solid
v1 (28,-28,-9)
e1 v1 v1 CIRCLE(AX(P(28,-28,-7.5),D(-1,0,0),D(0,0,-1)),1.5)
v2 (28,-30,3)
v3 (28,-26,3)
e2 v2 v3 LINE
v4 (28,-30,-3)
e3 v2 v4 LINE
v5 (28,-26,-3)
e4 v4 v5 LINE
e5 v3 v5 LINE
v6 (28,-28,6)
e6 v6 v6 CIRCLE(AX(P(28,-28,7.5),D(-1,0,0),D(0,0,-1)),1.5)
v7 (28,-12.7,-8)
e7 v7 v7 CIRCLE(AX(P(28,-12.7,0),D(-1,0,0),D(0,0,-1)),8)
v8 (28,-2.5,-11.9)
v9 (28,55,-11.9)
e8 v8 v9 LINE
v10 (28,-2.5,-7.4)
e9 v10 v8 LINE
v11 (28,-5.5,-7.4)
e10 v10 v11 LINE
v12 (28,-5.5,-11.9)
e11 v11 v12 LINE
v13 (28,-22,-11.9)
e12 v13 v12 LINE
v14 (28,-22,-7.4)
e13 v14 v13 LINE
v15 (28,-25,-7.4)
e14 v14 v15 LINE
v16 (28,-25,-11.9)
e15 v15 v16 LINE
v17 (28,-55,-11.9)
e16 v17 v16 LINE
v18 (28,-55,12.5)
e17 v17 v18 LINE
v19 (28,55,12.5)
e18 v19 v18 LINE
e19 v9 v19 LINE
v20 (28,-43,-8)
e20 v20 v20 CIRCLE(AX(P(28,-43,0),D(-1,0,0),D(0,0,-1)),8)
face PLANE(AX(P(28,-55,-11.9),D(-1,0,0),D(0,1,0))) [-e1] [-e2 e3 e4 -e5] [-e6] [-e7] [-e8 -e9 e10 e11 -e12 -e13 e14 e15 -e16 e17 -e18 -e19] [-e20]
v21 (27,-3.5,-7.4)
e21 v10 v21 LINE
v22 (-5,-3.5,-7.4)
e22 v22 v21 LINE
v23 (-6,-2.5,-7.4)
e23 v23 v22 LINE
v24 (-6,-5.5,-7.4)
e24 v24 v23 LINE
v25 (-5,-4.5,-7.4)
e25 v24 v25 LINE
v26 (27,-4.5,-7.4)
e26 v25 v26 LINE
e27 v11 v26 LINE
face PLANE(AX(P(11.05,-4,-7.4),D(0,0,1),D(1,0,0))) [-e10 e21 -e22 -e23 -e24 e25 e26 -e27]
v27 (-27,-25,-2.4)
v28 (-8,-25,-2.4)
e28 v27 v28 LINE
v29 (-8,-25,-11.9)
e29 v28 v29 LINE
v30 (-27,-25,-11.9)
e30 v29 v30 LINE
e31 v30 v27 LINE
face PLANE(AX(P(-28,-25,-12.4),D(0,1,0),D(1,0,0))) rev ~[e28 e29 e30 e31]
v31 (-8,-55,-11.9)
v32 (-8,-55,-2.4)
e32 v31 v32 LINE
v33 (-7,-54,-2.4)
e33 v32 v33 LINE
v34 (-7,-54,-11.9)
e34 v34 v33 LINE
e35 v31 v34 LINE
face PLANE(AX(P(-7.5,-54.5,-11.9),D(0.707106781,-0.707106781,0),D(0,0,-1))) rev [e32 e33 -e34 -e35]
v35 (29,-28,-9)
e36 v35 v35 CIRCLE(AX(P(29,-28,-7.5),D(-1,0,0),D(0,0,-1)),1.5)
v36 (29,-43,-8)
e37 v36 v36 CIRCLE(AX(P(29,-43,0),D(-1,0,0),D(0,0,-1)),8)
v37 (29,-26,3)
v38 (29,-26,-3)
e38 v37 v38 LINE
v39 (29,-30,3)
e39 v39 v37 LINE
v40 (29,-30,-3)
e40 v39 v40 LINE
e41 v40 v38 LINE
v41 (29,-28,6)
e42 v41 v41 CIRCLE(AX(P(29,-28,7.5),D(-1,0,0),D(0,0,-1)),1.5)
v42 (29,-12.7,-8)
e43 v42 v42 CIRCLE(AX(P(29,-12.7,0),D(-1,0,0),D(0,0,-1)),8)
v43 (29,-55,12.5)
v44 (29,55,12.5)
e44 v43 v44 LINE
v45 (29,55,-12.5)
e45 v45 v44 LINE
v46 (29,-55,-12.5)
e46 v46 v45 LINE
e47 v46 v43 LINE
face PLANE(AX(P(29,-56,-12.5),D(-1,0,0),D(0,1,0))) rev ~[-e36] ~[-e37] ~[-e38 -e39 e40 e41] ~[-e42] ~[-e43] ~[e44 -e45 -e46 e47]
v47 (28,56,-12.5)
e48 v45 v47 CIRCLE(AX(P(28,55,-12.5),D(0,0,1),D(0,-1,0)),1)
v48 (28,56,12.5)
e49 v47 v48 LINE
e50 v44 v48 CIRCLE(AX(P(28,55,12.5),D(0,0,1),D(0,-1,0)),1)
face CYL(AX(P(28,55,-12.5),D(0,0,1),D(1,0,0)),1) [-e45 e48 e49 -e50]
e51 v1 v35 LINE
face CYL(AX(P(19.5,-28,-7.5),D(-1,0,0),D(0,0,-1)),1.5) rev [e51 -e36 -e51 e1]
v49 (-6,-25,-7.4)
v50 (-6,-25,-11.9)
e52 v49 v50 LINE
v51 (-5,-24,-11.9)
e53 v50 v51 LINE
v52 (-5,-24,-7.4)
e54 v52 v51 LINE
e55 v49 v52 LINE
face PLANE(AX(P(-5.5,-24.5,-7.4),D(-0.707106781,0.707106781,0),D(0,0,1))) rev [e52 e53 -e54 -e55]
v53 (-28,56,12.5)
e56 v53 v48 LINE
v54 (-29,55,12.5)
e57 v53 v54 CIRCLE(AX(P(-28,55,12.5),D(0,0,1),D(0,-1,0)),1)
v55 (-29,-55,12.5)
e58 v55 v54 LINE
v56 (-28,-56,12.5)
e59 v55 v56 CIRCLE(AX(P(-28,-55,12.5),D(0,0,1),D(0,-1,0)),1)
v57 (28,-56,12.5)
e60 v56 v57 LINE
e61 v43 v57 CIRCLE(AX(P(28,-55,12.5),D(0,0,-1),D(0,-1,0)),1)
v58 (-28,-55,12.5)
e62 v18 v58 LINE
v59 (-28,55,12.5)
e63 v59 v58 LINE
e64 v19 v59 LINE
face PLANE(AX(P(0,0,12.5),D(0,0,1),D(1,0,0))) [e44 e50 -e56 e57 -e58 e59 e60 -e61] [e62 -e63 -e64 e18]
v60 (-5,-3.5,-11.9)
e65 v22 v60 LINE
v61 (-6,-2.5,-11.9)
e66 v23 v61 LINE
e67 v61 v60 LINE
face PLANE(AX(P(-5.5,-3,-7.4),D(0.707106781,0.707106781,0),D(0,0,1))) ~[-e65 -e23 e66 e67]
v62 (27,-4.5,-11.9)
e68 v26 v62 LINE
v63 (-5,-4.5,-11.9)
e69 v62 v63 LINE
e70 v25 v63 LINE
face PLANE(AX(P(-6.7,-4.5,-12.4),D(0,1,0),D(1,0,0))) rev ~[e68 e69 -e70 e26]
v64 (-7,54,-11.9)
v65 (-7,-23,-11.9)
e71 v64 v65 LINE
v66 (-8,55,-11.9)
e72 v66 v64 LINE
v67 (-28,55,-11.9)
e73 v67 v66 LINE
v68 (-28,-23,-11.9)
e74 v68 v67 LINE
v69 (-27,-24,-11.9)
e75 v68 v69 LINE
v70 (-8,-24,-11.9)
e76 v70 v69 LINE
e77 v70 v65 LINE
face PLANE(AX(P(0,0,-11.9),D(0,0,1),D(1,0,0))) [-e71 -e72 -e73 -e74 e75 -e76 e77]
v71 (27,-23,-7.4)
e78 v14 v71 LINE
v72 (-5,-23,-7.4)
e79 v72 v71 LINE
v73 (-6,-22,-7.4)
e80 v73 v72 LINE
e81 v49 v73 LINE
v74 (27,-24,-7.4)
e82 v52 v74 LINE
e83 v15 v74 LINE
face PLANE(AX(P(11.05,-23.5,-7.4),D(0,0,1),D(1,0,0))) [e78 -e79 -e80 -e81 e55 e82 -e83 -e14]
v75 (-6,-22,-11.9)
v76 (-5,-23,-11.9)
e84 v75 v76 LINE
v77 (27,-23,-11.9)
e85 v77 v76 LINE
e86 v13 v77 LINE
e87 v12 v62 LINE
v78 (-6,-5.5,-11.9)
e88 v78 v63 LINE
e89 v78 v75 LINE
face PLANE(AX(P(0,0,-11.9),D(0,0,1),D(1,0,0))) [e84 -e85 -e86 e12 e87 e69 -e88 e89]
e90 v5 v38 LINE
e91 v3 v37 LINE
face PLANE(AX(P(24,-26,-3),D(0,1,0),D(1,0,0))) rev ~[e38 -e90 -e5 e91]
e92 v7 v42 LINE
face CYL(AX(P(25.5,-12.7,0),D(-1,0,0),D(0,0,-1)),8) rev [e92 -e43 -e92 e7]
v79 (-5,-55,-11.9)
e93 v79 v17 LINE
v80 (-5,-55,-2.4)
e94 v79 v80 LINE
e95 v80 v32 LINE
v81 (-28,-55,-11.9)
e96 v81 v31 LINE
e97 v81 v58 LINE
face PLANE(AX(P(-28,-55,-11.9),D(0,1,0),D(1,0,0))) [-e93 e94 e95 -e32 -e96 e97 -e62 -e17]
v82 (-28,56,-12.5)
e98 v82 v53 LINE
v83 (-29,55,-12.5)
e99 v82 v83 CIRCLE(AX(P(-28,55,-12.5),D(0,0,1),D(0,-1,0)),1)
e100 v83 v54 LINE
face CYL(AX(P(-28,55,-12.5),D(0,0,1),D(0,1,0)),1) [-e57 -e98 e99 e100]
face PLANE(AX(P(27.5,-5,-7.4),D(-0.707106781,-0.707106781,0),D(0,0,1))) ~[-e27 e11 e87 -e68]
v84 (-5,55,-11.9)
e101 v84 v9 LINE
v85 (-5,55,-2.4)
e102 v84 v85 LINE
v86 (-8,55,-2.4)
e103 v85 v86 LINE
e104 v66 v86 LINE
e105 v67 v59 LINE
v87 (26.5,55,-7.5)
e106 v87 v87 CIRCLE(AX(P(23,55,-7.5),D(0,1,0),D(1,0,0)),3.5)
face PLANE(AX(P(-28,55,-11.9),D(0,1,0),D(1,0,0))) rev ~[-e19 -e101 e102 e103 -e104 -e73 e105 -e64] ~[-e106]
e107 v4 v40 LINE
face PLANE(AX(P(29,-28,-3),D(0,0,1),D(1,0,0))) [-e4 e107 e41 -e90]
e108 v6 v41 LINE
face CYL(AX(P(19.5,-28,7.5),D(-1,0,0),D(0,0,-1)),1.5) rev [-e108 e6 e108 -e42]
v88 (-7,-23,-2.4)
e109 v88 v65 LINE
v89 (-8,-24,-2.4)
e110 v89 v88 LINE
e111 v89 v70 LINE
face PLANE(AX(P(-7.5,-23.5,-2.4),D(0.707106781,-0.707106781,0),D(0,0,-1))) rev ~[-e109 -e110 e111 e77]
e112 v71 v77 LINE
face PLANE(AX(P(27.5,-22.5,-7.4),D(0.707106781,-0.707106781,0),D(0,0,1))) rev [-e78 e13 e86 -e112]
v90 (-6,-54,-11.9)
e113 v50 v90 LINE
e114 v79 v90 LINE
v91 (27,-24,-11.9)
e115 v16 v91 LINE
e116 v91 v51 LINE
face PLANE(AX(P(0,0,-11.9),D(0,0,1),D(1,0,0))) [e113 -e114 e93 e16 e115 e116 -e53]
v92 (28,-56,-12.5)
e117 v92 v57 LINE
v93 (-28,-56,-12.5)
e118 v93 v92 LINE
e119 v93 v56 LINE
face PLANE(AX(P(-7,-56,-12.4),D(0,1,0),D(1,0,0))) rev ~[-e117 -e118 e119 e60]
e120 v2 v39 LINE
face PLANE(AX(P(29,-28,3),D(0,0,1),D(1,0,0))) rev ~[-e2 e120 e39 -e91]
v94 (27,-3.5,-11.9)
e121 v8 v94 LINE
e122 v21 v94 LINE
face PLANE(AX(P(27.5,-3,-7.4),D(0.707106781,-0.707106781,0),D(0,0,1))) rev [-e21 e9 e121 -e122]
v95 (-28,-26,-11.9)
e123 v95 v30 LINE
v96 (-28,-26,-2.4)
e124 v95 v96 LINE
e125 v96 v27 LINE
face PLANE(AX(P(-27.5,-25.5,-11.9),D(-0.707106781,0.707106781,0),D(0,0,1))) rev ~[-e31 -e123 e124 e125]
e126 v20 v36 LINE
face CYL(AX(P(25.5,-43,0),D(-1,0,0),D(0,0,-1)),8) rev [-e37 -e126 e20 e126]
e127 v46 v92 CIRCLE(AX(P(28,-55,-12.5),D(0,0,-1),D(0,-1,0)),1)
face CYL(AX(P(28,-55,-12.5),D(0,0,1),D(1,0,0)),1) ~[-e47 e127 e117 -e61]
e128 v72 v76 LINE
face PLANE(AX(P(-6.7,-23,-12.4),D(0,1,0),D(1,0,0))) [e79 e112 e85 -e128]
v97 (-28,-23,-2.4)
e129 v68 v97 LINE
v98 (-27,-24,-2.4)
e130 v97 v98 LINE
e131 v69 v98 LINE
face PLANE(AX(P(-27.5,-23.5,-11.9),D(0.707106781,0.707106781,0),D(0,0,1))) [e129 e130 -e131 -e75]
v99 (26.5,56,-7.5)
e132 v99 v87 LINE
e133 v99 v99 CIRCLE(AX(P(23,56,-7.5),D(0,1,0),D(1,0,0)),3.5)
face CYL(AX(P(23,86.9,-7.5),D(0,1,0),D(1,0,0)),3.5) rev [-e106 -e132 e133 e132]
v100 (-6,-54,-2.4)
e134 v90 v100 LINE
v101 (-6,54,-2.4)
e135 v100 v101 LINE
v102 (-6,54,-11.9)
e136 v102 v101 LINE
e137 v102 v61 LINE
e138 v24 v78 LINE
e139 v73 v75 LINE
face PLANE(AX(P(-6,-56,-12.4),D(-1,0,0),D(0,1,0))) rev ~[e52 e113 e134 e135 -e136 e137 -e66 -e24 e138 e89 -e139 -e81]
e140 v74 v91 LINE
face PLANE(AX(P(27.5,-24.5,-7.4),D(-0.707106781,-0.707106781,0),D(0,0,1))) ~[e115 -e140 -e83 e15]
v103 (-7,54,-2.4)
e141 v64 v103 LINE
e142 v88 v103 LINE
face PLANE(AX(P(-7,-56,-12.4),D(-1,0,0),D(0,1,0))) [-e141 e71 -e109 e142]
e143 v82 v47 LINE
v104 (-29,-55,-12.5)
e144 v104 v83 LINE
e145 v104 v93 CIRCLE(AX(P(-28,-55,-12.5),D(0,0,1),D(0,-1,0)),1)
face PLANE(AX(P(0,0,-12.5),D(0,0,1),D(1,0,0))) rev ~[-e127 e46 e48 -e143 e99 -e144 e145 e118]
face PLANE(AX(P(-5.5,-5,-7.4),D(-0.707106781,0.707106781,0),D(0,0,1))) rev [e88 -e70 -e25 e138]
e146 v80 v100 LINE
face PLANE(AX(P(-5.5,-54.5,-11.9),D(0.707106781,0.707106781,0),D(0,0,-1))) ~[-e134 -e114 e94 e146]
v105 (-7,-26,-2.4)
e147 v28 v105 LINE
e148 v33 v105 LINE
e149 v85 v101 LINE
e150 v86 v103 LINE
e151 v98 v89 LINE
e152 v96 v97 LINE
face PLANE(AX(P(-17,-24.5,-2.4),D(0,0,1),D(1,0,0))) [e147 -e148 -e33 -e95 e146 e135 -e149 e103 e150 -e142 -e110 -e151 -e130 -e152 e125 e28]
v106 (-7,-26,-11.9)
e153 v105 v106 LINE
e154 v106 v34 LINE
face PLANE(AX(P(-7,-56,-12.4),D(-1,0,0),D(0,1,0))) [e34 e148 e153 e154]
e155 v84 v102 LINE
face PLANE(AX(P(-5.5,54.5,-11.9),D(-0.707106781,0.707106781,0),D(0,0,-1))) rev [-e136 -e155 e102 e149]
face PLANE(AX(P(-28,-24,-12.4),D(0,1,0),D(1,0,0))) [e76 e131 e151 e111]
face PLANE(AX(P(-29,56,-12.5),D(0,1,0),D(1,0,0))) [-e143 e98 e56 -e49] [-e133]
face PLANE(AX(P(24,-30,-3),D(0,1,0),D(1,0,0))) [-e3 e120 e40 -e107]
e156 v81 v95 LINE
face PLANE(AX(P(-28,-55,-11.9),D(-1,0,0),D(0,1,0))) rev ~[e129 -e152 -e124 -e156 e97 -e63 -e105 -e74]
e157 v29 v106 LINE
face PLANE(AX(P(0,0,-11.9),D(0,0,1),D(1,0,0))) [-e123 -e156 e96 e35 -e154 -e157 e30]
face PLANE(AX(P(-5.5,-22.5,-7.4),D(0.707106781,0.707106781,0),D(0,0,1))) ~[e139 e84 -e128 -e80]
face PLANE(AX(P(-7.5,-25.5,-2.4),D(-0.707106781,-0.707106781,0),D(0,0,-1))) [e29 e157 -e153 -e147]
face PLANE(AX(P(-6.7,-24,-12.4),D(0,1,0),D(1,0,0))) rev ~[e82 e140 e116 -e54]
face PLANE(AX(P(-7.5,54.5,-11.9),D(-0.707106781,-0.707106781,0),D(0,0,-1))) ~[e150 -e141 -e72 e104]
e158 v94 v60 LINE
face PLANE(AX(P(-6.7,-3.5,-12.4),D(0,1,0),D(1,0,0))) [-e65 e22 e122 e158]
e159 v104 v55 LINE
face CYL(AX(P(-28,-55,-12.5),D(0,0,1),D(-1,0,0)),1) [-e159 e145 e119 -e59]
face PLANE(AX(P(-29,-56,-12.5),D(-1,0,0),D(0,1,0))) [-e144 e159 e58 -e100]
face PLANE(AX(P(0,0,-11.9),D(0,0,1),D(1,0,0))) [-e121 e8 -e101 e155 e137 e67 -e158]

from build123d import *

# Parameters (mm, degrees)
CYLINDER005_R           = 1.5
CYLINDER005_DEPTH       = 20
CYLINDER005_PITCH_ANGLE = 90
BOX005_W                = 10
BOX005_H                = 4
BOX005_DEPTH            = 6
CYLINDER002_R           = 8
CYLINDER002_DEPTH       = 6
CYLINDER002_PITCH_ANGLE = 90
CYLINDER001_R           = 8
CYLINDER001_DEPTH       = 6
CYLINDER001_PITCH_ANGLE = 90
CYLINDER_R              = 3.5
CYLINDER_DEPTH          = 50
CYLINDER_ROLL_ANGLE     = 90
CYLINDER006_R           = 1.5
CYLINDER006_DEPTH       = 20
CYLINDER006_PITCH_ANGLE = 90
BOX003_W                = 35.5
BOX003_H                = 1
BOX003_DEPTH            = 5
BOX004_W                = 35.5
BOX004_H                = 1
BOX004_DEPTH            = 5
BOX006_W                = 22
BOX006_H                = 1
BOX006_DEPTH            = 10
BOX002_W                = 1
BOX002_H                = 112
BOX002_DEPTH            = 10
BOX_W                   = 56
BOX_H                   = 110
BOX_DEPTH               = 25
BOX001_W                = 58
BOX001_H                = 112
BOX001_DEPTH            = 25
CHAMFER_SIZE            = 1
FILLET_R                = 1


with BuildPart() as cylinder005:
    # Cylinder005 → Cylinder005 (new body)
    with BuildSketch(Plane.XY):
        Circle(CYLINDER005_R)
    extrude(amount=CYLINDER005_DEPTH)


with BuildPart() as cylinder005_1:
    # Cylinder005 pitch: moved
    add(cylinder005.part.rotate(Axis((0, 0, 0), (0, 1, 0)), CYLINDER005_PITCH_ANGLE))


with BuildPart() as cylinder005_2:
    # Cylinder005 placement: moved
    add(cylinder005_1.part.moved(Location((19.5, -28, -7.5))))


with BuildPart() as interruptor:
    # Box005 → Box005 (new body)
    with BuildSketch(Plane(origin=(24, -30, -3), x_dir=(1, 0, 0), z_dir=(0, 0, 1))):
        with Locations((5, 2)):
            Rectangle(BOX005_W, BOX005_H)
    extrude(amount=BOX005_DEPTH)


with BuildPart() as boton2:
    # Cylinder002 → Cylinder002 (new body)
    with BuildSketch(Plane.XY):
        Circle(CYLINDER002_R)
    extrude(amount=CYLINDER002_DEPTH)


with BuildPart() as boton2_1:
    # Cylinder002 pitch: moved
    add(boton2.part.rotate(Axis((0, 0, 0), (0, 1, 0)), CYLINDER002_PITCH_ANGLE))


with BuildPart() as boton2_2:
    # Cylinder002 placement: moved
    add(boton2_1.part.moved(Location((25.5, -43, 0))))


with BuildPart() as boton1:
    # Cylinder001 → Cylinder001 (new body)
    with BuildSketch(Plane.XY):
        Circle(CYLINDER001_R)
    extrude(amount=CYLINDER001_DEPTH)


with BuildPart() as boton1_1:
    # Cylinder001 pitch: moved
    add(boton1.part.rotate(Axis((0, 0, 0), (0, 1, 0)), CYLINDER001_PITCH_ANGLE))


with BuildPart() as boton1_2:
    # Cylinder001 placement: moved
    add(boton1_1.part.moved(Location((25.5, -12.7, 0))))


with BuildPart() as antenna_hole:
    # Cylinder → Cylinder (new body)
    with BuildSketch(Plane.XY):
        Circle(CYLINDER_R)
    extrude(amount=CYLINDER_DEPTH)


with BuildPart() as antenna_hole_1:
    # Cylinder roll: moved
    add(antenna_hole.part.rotate(Axis((0, 0, 0), (1, 0, 0)), CYLINDER_ROLL_ANGLE))


with BuildPart() as antenna_hole_2:
    # Cylinder placement: moved
    add(antenna_hole_1.part.moved(Location((23, 86.9, -7.5))))


with BuildPart() as cortes:
    # Cylinder006 → Cylinder006 (new body)
    with BuildSketch(Plane.XY):
        Circle(CYLINDER006_R)
    extrude(amount=CYLINDER006_DEPTH)


with BuildPart() as cortes_1:
    # Cylinder006 pitch: moved
    add(cortes.part.rotate(Axis((0, 0, 0), (0, 1, 0)), CYLINDER006_PITCH_ANGLE))


with BuildPart() as cortes_2:
    # Cylinder006 placement: moved
    add(cortes_1.part.moved(Location((19.5, -28, 7.5))))

    # Fusion001: union Cylinder005, interruptor, boton2, boton1, antenna_hole
    add(cylinder005_2.part)
    add(interruptor.part)
    add(boton2_2.part)
    add(boton1_2.part)
    add(antenna_hole_2.part)


with BuildPart() as muro_lora:
    # Box003 → Box003 (new body)
    with BuildSketch(Plane(origin=(-6.7, -4.5, -12.4), x_dir=(1, 0, 0), z_dir=(0, 0, 1))):
        with Locations((17.75, 0.5)):
            Rectangle(BOX003_W, BOX003_H)
    extrude(amount=BOX003_DEPTH)


with BuildPart() as muro_botones:
    # Box004 → Box004 (new body)
    with BuildSketch(Plane(origin=(-6.7, -24, -12.4), x_dir=(1, 0, 0), z_dir=(0, 0, 1))):
        with Locations((17.75, 0.5)):
            Rectangle(BOX004_W, BOX004_H)
    extrude(amount=BOX004_DEPTH)


with BuildPart() as muro_bateria:
    # Box006 → Box006 (new body)
    with BuildSketch(Plane(origin=(-28, -25, -12.4), x_dir=(1, 0, 0), z_dir=(0, 0, 1))):
        with Locations((11, 0.5)):
            Rectangle(BOX006_W, BOX006_H)
    extrude(amount=BOX006_DEPTH)


with BuildPart() as muros:
    # Box002 → Box002 (new body)
    with BuildSketch(Plane(origin=(-7, -56, -12.4), x_dir=(1, 0, 0), z_dir=(0, 0, 1))):
        with Locations((0.5, 56)):
            Rectangle(BOX002_W, BOX002_H)
    extrude(amount=BOX002_DEPTH)

    # Fusion: union muro_lora, muro_botones, muro_bateria
    add(muro_lora.part)
    add(muro_botones.part)
    add(muro_bateria.part)


with BuildPart() as cubo_interior:
    # Box → Box (new body)
    with BuildSketch(Plane(origin=(-28, -55, -11.9), x_dir=(1, 0, 0), z_dir=(0, 0, 1))):
        with Locations((28, 55)):
            Rectangle(BOX_W, BOX_H)
    extrude(amount=BOX_DEPTH)


with BuildPart() as base_caja_lora:
    # Box001 → Box001 (new body)
    with BuildSketch(Plane(origin=(-29, -56, -12.5), x_dir=(1, 0, 0), z_dir=(0, 0, 1))):
        with Locations((29, 56)):
            Rectangle(BOX001_W, BOX001_H)
    extrude(amount=BOX001_DEPTH)

    # Cut: cut Cubo_interior
    add(cubo_interior.part, mode=Mode.SUBTRACT)

    # Fusion002: union muros
    add(muros.part)

    # Cut001: cut cortes
    add(cortes_2.part, mode=Mode.SUBTRACT)

    # Chamfer
    chamfer_edges = [base_caja_lora.edges().sort_by_distance(p)[0] for p in [
        (-7, -55, -7.15),
        (-6, -55, -7.15),
        (28, -24, -9.65),
        (28, -23, -9.65),
        (28, -3.5, -9.65),
        (28, -4.5, -9.65),
        (-6, 55, -7.15),
        (-7, 55, -7.15),
        (-28, -24, -7.15),
        (-28, -25, -7.15),
        (-7, -25, -7.15),
        (-6, -3.5, -9.65),
        (-6, -4.5, -9.65),
        (-6, -23, -9.65),
        (-6, -24, -9.65),
        (-7, -24, -7.15),
    ]]
    chamfer(chamfer_edges, length=CHAMFER_SIZE)

    # Fillet
    fillet_edges = [base_caja_lora.edges().sort_by_distance(p)[0] for p in [
        (-29, -56, 0),
        (-29, 56, 0),
        (29, 56, 0),
        (29, -56, 0),
    ]]
    fillet(fillet_edges, radius=FILLET_R)


solid = base_caja_lora.part
